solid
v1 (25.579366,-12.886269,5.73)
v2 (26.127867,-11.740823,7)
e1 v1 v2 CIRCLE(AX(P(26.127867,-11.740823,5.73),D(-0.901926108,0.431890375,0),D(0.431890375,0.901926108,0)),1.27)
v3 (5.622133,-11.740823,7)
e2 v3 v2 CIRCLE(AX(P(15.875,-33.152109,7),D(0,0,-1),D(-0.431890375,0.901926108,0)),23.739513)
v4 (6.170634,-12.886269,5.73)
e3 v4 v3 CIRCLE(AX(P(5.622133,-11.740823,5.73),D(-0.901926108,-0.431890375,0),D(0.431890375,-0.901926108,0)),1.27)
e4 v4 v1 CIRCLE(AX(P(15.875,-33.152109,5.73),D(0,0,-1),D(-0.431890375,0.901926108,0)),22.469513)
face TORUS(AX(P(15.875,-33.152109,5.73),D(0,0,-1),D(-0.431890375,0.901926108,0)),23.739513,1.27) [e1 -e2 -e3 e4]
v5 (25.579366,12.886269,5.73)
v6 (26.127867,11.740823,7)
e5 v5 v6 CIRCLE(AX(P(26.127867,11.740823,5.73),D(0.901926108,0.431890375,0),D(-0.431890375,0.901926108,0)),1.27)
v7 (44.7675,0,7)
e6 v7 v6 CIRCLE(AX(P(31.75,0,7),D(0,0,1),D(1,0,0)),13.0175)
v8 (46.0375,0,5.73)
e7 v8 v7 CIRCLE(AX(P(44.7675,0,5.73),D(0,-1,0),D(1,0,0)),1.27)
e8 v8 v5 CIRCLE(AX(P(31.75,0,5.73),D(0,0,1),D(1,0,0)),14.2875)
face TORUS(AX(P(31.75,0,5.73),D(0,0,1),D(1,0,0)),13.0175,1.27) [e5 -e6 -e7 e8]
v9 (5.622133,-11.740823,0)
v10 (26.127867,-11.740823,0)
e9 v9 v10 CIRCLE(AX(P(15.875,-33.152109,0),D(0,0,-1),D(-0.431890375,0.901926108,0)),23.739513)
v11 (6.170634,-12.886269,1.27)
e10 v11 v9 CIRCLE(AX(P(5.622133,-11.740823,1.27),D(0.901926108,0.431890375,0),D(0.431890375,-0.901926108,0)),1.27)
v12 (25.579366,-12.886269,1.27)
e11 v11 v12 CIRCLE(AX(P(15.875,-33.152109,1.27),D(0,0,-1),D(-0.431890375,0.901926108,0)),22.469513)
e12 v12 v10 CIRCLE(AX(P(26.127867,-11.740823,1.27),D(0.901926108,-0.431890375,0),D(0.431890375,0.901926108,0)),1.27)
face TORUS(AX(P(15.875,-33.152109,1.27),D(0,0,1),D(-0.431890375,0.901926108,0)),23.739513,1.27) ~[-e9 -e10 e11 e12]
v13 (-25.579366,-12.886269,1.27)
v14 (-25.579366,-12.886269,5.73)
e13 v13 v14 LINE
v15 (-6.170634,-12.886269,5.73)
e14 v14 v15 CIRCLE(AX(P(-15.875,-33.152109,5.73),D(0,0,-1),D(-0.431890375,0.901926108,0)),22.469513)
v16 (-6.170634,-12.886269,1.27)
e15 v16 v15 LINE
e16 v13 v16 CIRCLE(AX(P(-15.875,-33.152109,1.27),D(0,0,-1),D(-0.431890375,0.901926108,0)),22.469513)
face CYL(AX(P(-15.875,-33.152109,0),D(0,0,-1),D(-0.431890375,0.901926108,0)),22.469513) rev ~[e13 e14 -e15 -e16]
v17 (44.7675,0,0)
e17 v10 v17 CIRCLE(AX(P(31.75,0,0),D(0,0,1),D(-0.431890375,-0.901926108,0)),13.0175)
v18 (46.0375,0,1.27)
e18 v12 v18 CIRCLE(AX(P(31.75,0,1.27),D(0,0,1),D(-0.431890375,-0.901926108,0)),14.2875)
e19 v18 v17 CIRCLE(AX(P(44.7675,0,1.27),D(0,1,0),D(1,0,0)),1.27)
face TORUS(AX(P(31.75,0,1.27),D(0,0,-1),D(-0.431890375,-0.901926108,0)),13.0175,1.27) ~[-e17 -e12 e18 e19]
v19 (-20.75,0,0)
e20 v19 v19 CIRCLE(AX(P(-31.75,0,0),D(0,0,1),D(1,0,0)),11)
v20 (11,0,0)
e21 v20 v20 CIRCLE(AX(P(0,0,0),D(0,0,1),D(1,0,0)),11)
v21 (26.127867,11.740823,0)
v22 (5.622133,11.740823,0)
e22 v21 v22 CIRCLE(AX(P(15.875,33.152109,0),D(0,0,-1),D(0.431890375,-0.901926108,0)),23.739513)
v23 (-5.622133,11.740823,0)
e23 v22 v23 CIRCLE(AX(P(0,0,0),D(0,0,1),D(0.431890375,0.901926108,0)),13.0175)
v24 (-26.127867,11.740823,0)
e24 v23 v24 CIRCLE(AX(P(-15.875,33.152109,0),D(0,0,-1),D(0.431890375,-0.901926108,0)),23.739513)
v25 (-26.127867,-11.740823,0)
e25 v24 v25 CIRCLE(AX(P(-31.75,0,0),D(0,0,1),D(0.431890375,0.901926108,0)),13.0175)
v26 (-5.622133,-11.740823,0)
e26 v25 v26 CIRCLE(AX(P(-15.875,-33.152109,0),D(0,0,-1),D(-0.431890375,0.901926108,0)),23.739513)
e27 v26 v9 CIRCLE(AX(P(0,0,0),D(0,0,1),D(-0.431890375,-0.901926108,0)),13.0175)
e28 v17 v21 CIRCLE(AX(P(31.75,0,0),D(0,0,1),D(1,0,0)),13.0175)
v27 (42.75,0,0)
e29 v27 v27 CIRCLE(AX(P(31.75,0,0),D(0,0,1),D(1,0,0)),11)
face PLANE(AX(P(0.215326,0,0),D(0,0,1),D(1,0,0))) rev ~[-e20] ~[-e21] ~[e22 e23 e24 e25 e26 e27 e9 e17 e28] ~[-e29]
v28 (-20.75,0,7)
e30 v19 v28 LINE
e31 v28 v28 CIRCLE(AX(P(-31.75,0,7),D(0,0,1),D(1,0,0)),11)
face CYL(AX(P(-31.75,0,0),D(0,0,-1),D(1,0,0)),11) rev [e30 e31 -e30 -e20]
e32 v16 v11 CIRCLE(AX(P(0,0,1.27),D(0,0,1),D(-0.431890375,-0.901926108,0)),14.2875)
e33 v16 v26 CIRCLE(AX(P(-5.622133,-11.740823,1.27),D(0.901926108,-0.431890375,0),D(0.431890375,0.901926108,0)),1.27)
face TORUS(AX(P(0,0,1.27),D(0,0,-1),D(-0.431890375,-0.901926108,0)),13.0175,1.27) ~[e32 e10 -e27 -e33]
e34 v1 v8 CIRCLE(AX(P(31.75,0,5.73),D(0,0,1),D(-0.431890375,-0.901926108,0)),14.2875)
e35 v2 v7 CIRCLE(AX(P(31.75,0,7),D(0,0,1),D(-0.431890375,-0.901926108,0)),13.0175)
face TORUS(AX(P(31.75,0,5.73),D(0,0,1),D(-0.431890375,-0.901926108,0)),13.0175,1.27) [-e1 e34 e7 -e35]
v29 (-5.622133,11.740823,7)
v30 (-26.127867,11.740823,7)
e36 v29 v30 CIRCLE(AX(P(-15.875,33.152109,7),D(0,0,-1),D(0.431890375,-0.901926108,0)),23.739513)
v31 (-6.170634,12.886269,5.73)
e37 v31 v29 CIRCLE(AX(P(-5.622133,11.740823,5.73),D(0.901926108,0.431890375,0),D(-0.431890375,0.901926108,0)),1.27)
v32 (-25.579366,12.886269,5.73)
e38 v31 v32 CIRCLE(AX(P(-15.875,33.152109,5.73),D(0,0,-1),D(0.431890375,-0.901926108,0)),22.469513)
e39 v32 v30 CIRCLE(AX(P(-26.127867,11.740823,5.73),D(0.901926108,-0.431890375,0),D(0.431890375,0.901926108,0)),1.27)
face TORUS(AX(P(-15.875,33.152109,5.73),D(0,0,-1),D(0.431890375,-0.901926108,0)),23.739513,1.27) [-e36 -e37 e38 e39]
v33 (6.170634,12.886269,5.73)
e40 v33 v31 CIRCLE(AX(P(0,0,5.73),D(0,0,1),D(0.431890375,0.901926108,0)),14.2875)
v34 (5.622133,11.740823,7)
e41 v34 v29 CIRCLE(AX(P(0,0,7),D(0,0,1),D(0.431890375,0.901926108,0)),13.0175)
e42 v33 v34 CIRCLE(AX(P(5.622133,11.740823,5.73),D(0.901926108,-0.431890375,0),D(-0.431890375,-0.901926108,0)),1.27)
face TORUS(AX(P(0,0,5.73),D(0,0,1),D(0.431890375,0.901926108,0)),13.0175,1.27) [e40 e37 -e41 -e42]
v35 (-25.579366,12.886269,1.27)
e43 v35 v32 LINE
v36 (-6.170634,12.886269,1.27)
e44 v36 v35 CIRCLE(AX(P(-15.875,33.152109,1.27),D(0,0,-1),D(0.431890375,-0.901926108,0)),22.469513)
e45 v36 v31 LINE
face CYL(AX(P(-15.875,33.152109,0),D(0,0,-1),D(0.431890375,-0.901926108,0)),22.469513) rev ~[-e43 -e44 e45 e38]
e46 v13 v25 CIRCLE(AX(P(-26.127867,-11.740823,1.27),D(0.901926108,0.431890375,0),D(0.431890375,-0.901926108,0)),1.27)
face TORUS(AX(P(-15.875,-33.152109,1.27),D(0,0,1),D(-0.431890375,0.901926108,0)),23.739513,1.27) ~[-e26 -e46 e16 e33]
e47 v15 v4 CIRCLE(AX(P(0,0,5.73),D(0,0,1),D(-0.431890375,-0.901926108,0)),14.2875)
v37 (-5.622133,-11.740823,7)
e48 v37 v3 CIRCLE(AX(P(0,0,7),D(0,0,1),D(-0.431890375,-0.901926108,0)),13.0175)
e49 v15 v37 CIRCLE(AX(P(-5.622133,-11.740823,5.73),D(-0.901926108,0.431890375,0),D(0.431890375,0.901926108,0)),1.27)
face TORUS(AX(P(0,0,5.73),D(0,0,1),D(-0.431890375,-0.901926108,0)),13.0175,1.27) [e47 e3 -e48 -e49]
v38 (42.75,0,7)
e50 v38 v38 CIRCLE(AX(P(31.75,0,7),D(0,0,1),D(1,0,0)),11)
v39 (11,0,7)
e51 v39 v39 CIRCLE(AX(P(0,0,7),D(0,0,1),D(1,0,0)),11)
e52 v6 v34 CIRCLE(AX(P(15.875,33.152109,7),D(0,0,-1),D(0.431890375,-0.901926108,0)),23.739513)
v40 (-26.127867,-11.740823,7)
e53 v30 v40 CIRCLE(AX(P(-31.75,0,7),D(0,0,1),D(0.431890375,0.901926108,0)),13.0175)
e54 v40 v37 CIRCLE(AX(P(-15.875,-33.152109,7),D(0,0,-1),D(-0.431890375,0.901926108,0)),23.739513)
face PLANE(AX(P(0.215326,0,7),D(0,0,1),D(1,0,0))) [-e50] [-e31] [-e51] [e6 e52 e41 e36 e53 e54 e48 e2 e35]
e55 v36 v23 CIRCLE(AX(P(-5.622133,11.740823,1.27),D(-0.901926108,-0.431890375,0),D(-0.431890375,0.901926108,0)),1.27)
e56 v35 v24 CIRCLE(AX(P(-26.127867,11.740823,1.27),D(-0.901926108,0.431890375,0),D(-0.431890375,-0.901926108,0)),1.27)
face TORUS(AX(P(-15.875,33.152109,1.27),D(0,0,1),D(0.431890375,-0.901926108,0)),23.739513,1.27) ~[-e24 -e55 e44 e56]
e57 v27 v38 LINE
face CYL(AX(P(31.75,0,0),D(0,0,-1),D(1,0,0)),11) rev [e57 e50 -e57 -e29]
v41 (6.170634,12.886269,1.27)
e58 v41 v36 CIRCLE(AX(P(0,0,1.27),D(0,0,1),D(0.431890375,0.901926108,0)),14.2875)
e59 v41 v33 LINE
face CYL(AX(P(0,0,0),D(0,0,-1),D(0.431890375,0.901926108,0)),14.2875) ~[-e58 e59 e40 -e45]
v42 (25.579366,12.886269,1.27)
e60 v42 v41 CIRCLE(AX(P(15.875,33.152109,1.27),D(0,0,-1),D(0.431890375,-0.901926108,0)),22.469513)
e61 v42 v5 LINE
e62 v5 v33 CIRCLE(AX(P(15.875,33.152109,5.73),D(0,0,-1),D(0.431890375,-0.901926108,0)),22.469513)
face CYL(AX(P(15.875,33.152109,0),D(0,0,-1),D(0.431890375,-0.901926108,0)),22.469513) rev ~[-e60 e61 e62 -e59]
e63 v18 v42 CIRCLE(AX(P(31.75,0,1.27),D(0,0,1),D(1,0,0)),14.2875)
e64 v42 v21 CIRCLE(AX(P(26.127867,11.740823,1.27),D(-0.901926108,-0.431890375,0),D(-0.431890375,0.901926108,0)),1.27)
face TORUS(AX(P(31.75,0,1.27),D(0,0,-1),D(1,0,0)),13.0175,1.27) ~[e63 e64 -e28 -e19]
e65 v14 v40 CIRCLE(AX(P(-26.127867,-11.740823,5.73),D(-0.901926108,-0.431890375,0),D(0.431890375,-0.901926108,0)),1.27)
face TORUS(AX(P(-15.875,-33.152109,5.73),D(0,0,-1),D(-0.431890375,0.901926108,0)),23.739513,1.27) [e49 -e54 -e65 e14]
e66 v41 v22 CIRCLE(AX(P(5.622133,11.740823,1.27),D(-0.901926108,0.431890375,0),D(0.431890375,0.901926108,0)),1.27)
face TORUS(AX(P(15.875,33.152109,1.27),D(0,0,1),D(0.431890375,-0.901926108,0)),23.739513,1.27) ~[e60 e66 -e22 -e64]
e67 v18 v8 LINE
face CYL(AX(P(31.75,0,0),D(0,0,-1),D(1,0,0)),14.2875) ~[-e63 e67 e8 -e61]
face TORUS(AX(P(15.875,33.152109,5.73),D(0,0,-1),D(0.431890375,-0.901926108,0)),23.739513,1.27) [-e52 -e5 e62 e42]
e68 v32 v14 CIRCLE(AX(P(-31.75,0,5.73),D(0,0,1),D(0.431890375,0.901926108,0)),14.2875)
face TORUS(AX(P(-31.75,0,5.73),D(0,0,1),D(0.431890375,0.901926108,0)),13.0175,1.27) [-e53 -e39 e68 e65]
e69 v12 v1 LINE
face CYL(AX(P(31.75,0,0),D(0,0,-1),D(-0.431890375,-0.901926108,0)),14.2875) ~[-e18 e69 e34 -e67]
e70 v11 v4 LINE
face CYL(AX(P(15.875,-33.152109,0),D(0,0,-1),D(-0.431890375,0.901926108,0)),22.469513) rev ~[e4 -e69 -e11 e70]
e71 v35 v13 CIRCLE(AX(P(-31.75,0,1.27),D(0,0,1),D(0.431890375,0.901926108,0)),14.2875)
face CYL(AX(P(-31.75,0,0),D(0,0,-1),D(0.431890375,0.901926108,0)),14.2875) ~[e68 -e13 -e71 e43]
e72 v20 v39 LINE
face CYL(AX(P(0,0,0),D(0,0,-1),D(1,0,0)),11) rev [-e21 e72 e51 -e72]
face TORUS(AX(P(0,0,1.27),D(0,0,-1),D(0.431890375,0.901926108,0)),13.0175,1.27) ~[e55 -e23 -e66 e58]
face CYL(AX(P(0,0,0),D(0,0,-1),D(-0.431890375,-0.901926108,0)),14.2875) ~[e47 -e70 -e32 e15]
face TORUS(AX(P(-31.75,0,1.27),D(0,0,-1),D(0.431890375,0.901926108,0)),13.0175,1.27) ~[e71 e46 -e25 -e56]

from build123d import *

# Parameters (mm, degrees)
F0_R     = 11
F1_DEPTH = 7
F2_R     = 1.27


with BuildPart() as f1:
    # F0 (on Top) → F1 (new body)
    with BuildSketch(Plane.XY):
        with BuildLine():
            ThreePointArc((6.1706337368, -12.8862692637), (12.0891601396, -7.6147792724), (14.2875, 0))
            ThreePointArc((14.2875, 0), (12.0891601396, 7.6147792724), (6.1706337368, 12.8862692637))
            ThreePointArc((6.1706337368, 12.8862692637), (0, 14.2875), (-6.1706337368, 12.8862692637))
            ThreePointArc((-6.1706337368, 12.8862692637), (-14.2875, 0), (-6.1706337368, -12.8862692637))
            ThreePointArc((-6.1706337368, -12.8862692637), (0, -14.2875), (6.1706337368, -12.8862692637))
        make_face()
        Circle(F0_R, mode=Mode.SUBTRACT)
        with BuildLine():
            ThreePointArc((6.1706337368, 12.8862692637), (12.0891601396, 7.6147792724), (14.2875, 0))
            ThreePointArc((14.2875, 0), (12.0891601396, -7.6147792724), (6.1706337368, -12.8862692637))
            ThreePointArc((6.1706337368, -12.8862692637), (15.875, -10.6825966971), (25.5793662632, -12.8862692637))
            ThreePointArc((25.5793662632, -12.8862692637), (17.4625, 0), (25.5793662632, 12.8862692637))
            ThreePointArc((25.5793662632, 12.8862692637), (15.875, 10.6825966971), (6.1706337368, 12.8862692637))
        make_face()
        with BuildLine():
            ThreePointArc((-6.1706337368, -12.8862692637), (-14.2875, 0), (-6.1706337368, 12.8862692637))
            ThreePointArc((-6.1706337368, 12.8862692637), (-15.875, 10.6825966971), (-25.5793662632, 12.8862692637))
            ThreePointArc((-25.5793662632, 12.8862692637), (-19.6608398604, 7.6147792724), (-17.4625, 0))
            ThreePointArc((-17.4625, 0), (-19.6608398604, -7.6147792724), (-25.5793662632, -12.8862692637))
            ThreePointArc((-25.5793662632, -12.8862692637), (-15.875, -10.6825966971), (-6.1706337368, -12.8862692637))
        make_face()
        with BuildLine():
            ThreePointArc((46.0375, 0), (39.3647792724, 12.0891601396), (25.5793662632, 12.8862692637))
            ThreePointArc((25.5793662632, 12.8862692637), (17.4625, 0), (25.5793662632, -12.8862692637))
            ThreePointArc((25.5793662632, -12.8862692637), (39.3647792724, -12.0891601396), (46.0375, 0))
        make_face()
        with Locations((31.75, 0)):
            Circle(F0_R, mode=Mode.SUBTRACT)
        with BuildLine():
            ThreePointArc((-17.4625, 0), (-19.6608398604, 7.6147792724), (-25.5793662632, 12.8862692637))
            ThreePointArc((-25.5793662632, 12.8862692637), (-46.0375, 0), (-25.5793662632, -12.8862692637))
            ThreePointArc((-25.5793662632, -12.8862692637), (-19.6608398604, -7.6147792724), (-17.4625, 0))
        make_face()
        with Locations((-31.75, 0)):
            Circle(F0_R, mode=Mode.SUBTRACT)
    extrude(amount=F1_DEPTH)

    # F2
    f2_edges = [f1.edges().sort_by_distance(p)[0] for p in [
        (-46.0375, 0, 7),
        (0, 14.2875, 0),
    ]]
    fillet(f2_edges, radius=F2_R)


solid = f1.part
